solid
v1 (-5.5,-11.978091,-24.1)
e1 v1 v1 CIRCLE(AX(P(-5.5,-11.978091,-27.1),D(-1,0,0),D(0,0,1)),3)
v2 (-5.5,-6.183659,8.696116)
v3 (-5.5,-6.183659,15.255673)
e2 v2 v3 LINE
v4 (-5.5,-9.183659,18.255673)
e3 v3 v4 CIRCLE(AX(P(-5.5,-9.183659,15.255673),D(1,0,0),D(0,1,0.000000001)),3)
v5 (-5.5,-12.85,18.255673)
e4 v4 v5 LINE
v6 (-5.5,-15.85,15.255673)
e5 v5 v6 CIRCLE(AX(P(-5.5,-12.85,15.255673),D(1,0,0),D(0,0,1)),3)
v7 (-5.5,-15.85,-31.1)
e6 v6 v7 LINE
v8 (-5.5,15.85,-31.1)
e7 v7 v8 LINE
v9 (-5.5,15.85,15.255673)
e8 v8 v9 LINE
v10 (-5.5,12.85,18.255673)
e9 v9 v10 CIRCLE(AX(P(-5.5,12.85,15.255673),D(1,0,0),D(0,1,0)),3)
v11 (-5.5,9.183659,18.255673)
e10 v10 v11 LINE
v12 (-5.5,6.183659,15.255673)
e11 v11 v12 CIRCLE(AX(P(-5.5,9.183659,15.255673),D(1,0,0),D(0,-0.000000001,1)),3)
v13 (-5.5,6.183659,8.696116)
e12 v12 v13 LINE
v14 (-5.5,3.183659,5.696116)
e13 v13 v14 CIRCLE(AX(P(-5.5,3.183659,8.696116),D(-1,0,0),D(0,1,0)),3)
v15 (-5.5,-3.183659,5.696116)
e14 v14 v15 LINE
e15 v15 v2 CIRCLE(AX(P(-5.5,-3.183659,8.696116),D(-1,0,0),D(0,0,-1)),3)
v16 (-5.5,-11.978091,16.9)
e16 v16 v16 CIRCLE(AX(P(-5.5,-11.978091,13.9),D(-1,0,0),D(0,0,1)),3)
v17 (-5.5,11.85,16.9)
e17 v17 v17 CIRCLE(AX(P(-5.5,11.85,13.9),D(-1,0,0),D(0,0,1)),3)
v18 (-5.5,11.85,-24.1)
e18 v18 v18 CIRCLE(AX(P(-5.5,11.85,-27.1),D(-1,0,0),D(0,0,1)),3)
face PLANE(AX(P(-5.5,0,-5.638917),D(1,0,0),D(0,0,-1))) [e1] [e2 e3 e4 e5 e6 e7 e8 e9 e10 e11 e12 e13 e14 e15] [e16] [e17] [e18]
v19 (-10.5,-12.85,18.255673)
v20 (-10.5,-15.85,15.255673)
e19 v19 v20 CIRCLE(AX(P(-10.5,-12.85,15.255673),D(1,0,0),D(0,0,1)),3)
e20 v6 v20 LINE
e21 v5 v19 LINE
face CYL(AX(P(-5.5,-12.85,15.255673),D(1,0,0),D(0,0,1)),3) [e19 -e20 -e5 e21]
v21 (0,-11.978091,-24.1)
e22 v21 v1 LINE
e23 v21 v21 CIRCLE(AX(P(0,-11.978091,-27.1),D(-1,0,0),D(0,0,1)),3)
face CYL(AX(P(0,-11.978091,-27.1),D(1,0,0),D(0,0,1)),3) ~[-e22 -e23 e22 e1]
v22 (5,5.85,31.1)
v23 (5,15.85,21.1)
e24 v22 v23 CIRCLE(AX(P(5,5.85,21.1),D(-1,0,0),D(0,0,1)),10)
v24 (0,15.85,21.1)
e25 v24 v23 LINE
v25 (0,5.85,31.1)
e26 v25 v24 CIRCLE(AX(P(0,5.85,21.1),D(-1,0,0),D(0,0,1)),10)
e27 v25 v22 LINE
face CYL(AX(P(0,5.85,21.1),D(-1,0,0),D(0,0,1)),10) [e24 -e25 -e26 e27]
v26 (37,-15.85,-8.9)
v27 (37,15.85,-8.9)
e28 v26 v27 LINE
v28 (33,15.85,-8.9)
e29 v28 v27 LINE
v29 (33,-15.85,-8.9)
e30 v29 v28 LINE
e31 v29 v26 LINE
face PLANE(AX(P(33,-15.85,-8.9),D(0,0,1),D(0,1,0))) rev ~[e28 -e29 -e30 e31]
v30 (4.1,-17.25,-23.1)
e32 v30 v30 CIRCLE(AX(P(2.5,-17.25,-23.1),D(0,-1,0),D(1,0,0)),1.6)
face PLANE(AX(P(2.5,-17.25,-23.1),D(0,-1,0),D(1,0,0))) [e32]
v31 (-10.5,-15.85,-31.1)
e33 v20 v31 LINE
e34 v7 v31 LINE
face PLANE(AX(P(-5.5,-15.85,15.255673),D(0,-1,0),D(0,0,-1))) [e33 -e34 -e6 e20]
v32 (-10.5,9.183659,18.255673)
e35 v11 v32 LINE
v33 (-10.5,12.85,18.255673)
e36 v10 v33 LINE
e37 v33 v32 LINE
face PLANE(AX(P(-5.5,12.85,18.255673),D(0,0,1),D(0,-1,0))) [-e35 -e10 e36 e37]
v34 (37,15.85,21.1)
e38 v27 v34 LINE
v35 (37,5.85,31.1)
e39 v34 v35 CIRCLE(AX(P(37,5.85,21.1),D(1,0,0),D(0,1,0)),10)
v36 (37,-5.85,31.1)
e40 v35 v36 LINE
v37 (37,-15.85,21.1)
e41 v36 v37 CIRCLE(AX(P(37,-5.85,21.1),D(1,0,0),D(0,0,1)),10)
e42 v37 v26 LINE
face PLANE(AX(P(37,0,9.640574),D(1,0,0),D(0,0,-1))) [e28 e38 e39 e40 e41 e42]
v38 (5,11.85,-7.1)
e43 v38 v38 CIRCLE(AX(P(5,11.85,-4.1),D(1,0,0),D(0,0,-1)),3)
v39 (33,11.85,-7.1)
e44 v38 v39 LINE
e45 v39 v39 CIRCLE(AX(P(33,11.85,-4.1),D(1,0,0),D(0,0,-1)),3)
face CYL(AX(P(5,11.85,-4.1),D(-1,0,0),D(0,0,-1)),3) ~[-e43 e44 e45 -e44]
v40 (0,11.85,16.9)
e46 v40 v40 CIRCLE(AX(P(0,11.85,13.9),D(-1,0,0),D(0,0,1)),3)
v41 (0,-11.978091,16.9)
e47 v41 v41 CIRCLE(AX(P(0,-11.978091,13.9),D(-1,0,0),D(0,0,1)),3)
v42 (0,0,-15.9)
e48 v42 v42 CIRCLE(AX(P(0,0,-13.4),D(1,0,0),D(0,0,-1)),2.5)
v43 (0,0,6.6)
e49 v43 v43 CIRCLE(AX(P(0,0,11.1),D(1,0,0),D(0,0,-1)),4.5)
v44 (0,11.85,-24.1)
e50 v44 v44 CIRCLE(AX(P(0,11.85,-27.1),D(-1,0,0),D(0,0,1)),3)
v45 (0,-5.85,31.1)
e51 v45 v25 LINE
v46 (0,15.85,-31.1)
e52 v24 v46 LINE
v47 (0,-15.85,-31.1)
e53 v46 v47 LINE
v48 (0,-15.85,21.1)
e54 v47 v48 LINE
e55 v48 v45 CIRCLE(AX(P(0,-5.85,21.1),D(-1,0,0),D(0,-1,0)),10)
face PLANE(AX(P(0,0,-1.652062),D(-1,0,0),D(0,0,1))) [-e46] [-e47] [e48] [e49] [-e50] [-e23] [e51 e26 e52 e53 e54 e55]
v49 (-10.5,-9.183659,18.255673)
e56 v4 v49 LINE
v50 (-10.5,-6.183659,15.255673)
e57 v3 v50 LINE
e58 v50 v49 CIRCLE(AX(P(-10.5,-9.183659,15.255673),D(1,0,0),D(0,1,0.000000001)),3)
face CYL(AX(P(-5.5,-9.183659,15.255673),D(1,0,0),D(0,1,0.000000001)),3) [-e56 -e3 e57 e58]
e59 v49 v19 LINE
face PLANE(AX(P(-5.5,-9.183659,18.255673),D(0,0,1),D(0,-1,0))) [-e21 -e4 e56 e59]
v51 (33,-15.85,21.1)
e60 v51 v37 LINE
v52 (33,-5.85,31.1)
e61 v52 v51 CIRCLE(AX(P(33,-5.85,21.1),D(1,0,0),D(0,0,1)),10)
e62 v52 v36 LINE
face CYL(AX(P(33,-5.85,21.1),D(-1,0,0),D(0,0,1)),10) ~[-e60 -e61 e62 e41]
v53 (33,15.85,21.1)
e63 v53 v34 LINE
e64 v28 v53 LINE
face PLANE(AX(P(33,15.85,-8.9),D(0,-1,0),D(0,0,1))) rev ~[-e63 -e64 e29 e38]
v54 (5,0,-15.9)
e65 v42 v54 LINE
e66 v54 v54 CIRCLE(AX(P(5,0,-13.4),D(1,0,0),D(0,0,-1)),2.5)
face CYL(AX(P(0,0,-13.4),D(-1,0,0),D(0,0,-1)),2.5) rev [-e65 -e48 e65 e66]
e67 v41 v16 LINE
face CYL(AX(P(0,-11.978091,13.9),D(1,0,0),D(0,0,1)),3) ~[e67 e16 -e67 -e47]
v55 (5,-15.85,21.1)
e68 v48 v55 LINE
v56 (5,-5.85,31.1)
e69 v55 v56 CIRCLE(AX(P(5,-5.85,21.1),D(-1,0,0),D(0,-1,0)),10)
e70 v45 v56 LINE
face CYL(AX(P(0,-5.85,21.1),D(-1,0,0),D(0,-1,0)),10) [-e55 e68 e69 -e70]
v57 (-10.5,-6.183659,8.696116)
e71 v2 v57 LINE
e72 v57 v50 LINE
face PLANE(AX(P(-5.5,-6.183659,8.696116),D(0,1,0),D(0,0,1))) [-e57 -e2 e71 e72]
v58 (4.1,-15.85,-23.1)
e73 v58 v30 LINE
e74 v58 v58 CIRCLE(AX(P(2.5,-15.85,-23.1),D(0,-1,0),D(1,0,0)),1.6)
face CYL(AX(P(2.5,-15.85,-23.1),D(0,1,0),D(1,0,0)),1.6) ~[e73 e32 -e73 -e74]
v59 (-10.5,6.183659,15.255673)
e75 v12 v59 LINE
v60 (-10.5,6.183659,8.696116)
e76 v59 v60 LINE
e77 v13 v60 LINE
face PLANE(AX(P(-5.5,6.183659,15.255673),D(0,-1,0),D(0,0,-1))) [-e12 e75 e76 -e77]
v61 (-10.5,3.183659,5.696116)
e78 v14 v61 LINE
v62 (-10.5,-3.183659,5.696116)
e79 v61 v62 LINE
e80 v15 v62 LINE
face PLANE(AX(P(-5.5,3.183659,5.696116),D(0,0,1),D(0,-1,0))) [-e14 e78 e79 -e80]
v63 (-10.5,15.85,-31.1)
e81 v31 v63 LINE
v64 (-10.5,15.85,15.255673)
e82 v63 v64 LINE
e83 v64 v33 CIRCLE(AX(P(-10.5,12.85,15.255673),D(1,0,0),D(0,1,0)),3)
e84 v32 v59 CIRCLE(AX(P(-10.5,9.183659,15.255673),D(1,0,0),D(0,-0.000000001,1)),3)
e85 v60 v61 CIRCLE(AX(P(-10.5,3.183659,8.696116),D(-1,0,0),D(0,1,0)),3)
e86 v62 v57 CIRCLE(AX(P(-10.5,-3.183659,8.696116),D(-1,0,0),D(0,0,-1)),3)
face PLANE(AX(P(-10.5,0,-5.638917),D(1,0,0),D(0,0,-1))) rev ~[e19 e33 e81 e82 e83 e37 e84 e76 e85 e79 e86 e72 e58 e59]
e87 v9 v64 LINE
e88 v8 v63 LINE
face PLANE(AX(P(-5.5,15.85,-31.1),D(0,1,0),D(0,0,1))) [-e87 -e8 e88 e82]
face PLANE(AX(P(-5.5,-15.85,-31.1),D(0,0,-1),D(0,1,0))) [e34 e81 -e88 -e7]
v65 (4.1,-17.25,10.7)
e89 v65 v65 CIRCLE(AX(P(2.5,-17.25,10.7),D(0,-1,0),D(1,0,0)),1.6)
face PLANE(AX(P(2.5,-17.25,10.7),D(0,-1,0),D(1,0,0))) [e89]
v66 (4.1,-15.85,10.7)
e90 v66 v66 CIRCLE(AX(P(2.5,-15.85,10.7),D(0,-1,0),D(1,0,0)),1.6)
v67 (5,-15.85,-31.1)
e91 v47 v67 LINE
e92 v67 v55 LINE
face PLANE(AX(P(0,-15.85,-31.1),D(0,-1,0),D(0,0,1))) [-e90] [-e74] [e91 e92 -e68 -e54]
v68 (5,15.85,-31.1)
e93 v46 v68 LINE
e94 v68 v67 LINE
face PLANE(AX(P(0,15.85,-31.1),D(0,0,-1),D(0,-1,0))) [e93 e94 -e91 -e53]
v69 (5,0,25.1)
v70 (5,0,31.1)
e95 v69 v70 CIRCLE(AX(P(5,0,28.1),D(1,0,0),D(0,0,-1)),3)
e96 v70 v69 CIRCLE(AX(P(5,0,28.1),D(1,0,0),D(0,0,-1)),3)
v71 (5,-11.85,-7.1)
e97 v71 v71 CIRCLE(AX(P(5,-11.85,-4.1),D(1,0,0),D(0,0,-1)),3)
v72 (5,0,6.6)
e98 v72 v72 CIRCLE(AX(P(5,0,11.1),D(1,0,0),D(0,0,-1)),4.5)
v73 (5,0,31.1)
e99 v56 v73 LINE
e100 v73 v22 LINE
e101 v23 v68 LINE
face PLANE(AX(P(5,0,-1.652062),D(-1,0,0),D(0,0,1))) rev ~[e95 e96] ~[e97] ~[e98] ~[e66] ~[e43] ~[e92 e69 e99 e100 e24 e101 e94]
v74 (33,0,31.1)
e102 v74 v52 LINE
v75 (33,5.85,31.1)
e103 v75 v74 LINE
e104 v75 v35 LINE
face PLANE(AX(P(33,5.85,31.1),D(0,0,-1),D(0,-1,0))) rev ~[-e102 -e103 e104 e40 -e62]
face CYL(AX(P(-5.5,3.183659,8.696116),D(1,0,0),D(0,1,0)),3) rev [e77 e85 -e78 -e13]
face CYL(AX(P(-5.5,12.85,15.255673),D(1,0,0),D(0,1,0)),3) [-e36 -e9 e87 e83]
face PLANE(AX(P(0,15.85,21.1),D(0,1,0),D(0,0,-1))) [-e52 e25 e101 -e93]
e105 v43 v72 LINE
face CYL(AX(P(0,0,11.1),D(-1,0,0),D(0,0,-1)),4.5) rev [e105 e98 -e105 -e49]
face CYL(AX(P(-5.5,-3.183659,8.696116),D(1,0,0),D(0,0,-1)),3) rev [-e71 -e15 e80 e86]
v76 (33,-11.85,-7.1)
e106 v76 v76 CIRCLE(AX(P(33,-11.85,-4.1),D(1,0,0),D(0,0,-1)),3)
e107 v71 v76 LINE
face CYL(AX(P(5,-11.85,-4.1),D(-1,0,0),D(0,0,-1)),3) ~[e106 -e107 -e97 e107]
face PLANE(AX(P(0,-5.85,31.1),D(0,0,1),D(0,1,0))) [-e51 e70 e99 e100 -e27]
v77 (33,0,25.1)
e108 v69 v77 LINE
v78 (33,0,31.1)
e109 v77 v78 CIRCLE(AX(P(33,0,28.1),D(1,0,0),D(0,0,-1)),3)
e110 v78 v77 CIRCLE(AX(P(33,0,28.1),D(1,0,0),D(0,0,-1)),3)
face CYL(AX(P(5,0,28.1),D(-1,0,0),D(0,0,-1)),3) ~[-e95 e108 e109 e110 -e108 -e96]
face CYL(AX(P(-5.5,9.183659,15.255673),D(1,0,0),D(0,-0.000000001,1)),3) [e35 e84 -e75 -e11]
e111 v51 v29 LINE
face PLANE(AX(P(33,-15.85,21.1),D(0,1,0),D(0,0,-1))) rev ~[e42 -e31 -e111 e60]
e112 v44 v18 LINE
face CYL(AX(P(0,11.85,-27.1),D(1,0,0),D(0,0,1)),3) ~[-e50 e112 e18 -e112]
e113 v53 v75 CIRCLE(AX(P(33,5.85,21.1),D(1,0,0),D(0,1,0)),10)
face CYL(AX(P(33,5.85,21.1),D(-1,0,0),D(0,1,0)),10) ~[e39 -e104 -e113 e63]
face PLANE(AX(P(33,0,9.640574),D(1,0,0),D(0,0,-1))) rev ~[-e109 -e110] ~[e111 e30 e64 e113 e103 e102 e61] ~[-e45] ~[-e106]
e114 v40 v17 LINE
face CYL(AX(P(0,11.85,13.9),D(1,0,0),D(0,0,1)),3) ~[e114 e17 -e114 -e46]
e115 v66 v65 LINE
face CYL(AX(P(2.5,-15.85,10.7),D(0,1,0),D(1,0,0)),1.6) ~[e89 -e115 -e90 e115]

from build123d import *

# Parameters (mm, degrees)
SKETCH_1_R      = 4.5
SKETCH_1_R_2    = 2.5
EXTRUDE_1_DEPTH = 5
SKETCH_2_R      = 3
EXTRUDE_2_DEPTH = 28
EXTRUDE_3_DEPTH = 4
SKETCH_5_R      = 3
EXTRUDE_4_DEPTH = 5.5
EXTRUDE_6_DEPTH = 5
SKETCH_7_R      = 1.6
EXTRUDE_7_DEPTH = 1.4


with BuildPart() as part:
    # 草图1 → 凸台-拉伸1 (new body)
    with BuildSketch(Plane(origin=(0, 0, 0), x_dir=(0, 0, -1), z_dir=(1, 0, 0))):
        with BuildLine():
            Line((31.1, -15.85), (-21.1, -15.85))
            ThreePointArc((-21.1, -15.85), (-28.171067812, -12.921067812), (-31.1, -5.85))
            Line((-31.1, -5.85), (-31.1, 5.85))
            ThreePointArc((-31.1, 5.85), (-28.171067812, 12.921067812), (-21.1, 15.85))
            Line((-21.1, 15.85), (31.1, 15.85))
            Line((31.1, 15.85), (31.1, -15.85))
        make_face()
        with Locations((-11.1, 0)):
            Circle(SKETCH_1_R, mode=Mode.SUBTRACT)
        with Locations((13.4, 0)):
            Circle(SKETCH_1_R_2, mode=Mode.SUBTRACT)
    extrude(amount=EXTRUDE_1_DEPTH)

    # 草图2 → 凸台-拉伸2 (add)
    with BuildSketch(Plane(origin=(5, 0, 0), x_dir=(0, 0, -1), z_dir=(1, 0, 0))):
        with Locations((-28.1, 0)):
            Circle(SKETCH_2_R)
        with Locations((4.1, 11.85)):
            Circle(SKETCH_2_R)
        with Locations((4.1, -11.85)):
            Circle(SKETCH_2_R)
    extrude(amount=EXTRUDE_2_DEPTH)

    # 草图3 → 凸台-拉伸3 (add)
    with BuildSketch(Plane(origin=(33, 0, 0), x_dir=(0, 0, -1), z_dir=(1, 0, 0))):
        with BuildLine():
            Line((8.9, 15.85), (-21.1, 15.85))
            ThreePointArc((-21.1, 15.85), (-28.171067812, 12.921067812), (-31.1, 5.85))
            Line((-31.1, 5.85), (-31.1, 0))
            Line((-31.1, 0), (-31.1, -5.85))
            ThreePointArc((-31.1, -5.85), (-28.171067812, -12.921067812), (-21.1, -15.85))
            Line((-21.1, -15.85), (8.9, -15.85))
            Line((8.9, -15.85), (8.9, 15.85))
        make_face()
    extrude(amount=EXTRUDE_3_DEPTH)

    # 草图5 → 凸台-拉伸4 (add)
    with BuildSketch(Plane.ZY):
        with Locations((-27.1, 11.85)):
            Circle(SKETCH_5_R)
        with Locations((-27.1, -11.978090594)):
            Circle(SKETCH_5_R)
        with Locations((13.9, 11.85)):
            Circle(SKETCH_5_R)
        with Locations((13.9, -11.978090594)):
            Circle(SKETCH_5_R)
    extrude(amount=EXTRUDE_4_DEPTH)

    # 草图6 → 凸台-拉伸6 (add)
    with BuildSketch(Plane.ZY.offset(5.5)):
        with BuildLine():
            Line((15.255672946, -15.85), (-31.1, -15.85))
            Line((-31.1, -15.85), (-31.1, 15.85))
            Line((-31.1, 15.85), (15.255672946, 15.85))
            ThreePointArc((15.255672946, 15.85), (17.376993289, 14.971320344), (18.255672946, 12.85))
            Line((18.255672946, 12.85), (18.255672946, 9.183659284))
            ThreePointArc((18.255672946, 9.183659284), (17.376993289, 7.062338941), (15.255672946, 6.183659284))
            Line((15.255672946, 6.183659284), (8.696116264, 6.183659284))
            ThreePointArc((8.696116264, 6.183659284), (6.574795921, 5.304979628), (5.696116264, 3.183659284))
            Line((5.696116264, 3.183659284), (5.696116264, -3.183659284))
            ThreePointArc((5.696116264, -3.183659284), (6.574795921, -5.304979628), (8.696116264, -6.183659284))
            Line((8.696116264, -6.183659284), (15.255672946, -6.183659284))
            ThreePointArc((15.255672946, -6.183659284), (17.376993289, -7.062338941), (18.255672946, -9.183659284))
            Line((18.255672946, -9.183659284), (18.255672946, -12.85))
            ThreePointArc((18.255672946, -12.85), (17.376993289, -14.971320344), (15.255672946, -15.85))
        make_face()
    extrude(amount=EXTRUDE_6_DEPTH)

    # 草图7 → 凸台-拉伸7 (add)
    with BuildSketch(Plane.XZ.offset(15.85)):
        with Locations((2.5, 10.7)):
            Circle(SKETCH_7_R)
        with Locations((2.5, -23.1)):
            Circle(SKETCH_7_R)
    extrude(amount=EXTRUDE_7_DEPTH)


solid = part.part
